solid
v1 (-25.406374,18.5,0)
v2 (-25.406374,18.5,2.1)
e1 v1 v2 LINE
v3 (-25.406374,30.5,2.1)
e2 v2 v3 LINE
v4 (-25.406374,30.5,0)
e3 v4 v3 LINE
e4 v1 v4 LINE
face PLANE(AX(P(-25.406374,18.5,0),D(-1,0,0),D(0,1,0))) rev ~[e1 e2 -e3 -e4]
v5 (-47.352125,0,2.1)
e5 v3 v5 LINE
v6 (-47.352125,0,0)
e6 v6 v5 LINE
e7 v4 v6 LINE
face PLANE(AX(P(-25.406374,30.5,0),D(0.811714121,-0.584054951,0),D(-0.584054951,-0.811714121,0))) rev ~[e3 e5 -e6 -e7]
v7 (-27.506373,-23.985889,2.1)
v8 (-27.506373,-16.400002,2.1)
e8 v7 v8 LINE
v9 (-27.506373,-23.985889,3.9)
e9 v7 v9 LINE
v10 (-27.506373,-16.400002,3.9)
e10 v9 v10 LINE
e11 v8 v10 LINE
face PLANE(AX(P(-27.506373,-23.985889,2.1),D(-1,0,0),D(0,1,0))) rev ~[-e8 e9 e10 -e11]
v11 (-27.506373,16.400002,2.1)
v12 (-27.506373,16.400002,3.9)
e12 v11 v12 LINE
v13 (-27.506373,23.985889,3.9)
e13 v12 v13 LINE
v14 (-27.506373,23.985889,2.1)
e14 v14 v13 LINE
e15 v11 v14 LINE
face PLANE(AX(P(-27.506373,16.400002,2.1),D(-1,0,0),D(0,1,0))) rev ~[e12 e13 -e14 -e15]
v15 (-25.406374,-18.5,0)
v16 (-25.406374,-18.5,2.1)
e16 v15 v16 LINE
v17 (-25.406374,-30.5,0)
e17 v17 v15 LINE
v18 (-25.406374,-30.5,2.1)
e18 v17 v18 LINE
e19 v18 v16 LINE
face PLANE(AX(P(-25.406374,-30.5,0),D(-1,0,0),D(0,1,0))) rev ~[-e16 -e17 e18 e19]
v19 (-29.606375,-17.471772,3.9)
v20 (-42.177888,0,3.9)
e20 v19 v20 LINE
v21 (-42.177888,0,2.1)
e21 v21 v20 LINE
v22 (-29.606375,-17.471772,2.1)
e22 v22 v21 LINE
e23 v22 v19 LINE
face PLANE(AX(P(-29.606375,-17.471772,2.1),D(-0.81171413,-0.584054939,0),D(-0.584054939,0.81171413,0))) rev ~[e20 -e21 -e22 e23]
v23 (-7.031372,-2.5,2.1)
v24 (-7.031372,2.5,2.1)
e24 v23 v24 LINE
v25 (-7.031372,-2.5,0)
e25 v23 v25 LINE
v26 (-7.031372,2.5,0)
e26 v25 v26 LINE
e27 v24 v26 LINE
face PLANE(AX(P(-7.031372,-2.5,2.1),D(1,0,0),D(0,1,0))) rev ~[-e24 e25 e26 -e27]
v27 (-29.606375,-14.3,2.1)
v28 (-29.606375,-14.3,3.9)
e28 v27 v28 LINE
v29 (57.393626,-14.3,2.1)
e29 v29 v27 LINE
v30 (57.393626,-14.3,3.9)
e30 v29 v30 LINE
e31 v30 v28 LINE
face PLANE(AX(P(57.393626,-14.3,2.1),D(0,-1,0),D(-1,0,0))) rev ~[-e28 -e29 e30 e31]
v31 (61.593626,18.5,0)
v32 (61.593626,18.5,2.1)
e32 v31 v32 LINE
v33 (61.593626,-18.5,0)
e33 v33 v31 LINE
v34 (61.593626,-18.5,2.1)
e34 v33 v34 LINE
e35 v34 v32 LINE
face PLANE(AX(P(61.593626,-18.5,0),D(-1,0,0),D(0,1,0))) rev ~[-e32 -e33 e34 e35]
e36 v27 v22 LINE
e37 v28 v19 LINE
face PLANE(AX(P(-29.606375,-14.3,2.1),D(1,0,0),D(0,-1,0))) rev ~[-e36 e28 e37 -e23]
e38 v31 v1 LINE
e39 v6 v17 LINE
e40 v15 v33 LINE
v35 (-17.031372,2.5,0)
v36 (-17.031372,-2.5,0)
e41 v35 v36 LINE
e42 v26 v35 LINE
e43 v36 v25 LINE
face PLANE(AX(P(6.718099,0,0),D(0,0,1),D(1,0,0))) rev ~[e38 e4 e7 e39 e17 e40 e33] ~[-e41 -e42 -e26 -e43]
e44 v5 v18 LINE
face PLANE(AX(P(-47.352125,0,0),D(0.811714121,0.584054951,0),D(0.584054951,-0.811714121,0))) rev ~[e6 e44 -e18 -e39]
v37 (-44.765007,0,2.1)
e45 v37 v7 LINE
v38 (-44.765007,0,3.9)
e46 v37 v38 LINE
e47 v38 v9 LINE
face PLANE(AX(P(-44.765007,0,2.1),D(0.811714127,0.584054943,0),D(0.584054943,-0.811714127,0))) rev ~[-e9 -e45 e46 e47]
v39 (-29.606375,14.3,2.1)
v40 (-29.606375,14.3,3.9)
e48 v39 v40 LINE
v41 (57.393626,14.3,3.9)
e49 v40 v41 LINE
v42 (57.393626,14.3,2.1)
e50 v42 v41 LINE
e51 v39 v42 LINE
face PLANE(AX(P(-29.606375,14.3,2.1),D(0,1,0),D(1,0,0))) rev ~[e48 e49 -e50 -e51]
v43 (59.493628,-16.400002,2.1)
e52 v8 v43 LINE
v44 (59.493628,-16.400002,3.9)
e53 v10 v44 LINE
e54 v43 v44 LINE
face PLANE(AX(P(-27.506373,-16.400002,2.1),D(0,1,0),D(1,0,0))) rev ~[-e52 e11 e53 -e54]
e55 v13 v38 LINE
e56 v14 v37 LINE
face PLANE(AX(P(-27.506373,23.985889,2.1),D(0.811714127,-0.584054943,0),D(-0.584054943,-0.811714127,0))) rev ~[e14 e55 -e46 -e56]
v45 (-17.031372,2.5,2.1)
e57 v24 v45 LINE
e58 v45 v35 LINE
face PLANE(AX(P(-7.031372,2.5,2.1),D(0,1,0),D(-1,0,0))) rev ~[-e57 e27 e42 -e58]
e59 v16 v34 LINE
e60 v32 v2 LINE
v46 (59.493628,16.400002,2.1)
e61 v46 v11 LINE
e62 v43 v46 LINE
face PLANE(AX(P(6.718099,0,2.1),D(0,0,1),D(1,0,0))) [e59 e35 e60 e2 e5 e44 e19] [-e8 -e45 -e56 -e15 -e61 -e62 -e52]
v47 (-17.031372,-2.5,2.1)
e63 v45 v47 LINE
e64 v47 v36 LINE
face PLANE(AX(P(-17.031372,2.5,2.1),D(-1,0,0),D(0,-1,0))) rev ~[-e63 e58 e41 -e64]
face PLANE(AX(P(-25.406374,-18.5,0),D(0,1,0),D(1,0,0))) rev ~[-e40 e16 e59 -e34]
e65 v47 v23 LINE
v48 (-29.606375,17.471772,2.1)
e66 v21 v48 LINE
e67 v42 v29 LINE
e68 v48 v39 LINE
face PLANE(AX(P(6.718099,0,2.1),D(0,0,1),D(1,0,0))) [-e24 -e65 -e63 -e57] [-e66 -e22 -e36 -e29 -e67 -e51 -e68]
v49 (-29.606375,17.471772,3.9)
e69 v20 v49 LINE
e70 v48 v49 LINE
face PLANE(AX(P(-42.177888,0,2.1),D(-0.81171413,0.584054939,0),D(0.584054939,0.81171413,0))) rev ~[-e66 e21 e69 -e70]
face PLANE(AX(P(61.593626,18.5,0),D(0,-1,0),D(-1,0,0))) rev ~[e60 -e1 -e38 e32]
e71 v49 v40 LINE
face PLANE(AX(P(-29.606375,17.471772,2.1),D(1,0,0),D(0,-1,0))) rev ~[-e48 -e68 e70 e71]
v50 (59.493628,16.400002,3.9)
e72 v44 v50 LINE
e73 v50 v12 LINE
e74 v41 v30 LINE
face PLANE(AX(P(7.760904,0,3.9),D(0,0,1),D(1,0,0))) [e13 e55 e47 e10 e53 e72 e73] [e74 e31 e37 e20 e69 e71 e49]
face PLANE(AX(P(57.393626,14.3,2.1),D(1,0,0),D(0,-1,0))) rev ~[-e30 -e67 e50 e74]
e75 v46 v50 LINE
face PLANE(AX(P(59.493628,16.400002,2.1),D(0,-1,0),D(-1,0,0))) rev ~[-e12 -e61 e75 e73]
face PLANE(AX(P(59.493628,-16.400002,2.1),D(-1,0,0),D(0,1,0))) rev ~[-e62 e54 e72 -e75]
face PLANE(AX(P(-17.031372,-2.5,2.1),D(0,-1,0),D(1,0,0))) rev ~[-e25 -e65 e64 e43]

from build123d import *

# Parameters (mm, degrees)
F1_DEPTH = 2.1
F3_DEPTH = 1.8
F5_DEPTH = 8


with BuildPart() as f1:
    # F0 (on Top) → F1 (new body)
    with BuildSketch(Plane.XY):
        Polygon((61.593626, -18.5), (61.593626, 18.5), (-25.406374, 18.5), (-25.406374, 30.5), (-47.352125, 0), (-25.406374, -30.5), (-25.406374, -18.5), align=None)
    extrude(amount=F1_DEPTH)

    # F2 (on face) → F3 (join)
    with BuildSketch(Plane.XY.offset(2.1)):
        Polygon((59.493628, 16.400002), (-27.506373, 16.400002), (-27.506373, 23.985889), (-44.765007, 0), (-27.506373, -23.985889), (-27.506373, -16.400002), (59.493628, -16.400002), align=None)
        Polygon((-29.606375, 17.471772), (-29.606375, 14.3), (57.393626, 14.3), (57.393626, -14.3), (-29.606375, -14.3), (-29.606375, -17.471772), (-42.177888, 0), align=None, mode=Mode.SUBTRACT)
    extrude(amount=F3_DEPTH)

    # F4 (on face) → F5 (cut)
    with BuildSketch(Plane.XY.offset(2.1)):
        Polygon((-7.031372, -2.5), (-7.031372, 0), (-7.031372, 2.5), (-17.031372, 2.5), (-17.031372, -2.5), align=None)
    extrude(amount=-F5_DEPTH, mode=Mode.SUBTRACT)


solid = f1.part
